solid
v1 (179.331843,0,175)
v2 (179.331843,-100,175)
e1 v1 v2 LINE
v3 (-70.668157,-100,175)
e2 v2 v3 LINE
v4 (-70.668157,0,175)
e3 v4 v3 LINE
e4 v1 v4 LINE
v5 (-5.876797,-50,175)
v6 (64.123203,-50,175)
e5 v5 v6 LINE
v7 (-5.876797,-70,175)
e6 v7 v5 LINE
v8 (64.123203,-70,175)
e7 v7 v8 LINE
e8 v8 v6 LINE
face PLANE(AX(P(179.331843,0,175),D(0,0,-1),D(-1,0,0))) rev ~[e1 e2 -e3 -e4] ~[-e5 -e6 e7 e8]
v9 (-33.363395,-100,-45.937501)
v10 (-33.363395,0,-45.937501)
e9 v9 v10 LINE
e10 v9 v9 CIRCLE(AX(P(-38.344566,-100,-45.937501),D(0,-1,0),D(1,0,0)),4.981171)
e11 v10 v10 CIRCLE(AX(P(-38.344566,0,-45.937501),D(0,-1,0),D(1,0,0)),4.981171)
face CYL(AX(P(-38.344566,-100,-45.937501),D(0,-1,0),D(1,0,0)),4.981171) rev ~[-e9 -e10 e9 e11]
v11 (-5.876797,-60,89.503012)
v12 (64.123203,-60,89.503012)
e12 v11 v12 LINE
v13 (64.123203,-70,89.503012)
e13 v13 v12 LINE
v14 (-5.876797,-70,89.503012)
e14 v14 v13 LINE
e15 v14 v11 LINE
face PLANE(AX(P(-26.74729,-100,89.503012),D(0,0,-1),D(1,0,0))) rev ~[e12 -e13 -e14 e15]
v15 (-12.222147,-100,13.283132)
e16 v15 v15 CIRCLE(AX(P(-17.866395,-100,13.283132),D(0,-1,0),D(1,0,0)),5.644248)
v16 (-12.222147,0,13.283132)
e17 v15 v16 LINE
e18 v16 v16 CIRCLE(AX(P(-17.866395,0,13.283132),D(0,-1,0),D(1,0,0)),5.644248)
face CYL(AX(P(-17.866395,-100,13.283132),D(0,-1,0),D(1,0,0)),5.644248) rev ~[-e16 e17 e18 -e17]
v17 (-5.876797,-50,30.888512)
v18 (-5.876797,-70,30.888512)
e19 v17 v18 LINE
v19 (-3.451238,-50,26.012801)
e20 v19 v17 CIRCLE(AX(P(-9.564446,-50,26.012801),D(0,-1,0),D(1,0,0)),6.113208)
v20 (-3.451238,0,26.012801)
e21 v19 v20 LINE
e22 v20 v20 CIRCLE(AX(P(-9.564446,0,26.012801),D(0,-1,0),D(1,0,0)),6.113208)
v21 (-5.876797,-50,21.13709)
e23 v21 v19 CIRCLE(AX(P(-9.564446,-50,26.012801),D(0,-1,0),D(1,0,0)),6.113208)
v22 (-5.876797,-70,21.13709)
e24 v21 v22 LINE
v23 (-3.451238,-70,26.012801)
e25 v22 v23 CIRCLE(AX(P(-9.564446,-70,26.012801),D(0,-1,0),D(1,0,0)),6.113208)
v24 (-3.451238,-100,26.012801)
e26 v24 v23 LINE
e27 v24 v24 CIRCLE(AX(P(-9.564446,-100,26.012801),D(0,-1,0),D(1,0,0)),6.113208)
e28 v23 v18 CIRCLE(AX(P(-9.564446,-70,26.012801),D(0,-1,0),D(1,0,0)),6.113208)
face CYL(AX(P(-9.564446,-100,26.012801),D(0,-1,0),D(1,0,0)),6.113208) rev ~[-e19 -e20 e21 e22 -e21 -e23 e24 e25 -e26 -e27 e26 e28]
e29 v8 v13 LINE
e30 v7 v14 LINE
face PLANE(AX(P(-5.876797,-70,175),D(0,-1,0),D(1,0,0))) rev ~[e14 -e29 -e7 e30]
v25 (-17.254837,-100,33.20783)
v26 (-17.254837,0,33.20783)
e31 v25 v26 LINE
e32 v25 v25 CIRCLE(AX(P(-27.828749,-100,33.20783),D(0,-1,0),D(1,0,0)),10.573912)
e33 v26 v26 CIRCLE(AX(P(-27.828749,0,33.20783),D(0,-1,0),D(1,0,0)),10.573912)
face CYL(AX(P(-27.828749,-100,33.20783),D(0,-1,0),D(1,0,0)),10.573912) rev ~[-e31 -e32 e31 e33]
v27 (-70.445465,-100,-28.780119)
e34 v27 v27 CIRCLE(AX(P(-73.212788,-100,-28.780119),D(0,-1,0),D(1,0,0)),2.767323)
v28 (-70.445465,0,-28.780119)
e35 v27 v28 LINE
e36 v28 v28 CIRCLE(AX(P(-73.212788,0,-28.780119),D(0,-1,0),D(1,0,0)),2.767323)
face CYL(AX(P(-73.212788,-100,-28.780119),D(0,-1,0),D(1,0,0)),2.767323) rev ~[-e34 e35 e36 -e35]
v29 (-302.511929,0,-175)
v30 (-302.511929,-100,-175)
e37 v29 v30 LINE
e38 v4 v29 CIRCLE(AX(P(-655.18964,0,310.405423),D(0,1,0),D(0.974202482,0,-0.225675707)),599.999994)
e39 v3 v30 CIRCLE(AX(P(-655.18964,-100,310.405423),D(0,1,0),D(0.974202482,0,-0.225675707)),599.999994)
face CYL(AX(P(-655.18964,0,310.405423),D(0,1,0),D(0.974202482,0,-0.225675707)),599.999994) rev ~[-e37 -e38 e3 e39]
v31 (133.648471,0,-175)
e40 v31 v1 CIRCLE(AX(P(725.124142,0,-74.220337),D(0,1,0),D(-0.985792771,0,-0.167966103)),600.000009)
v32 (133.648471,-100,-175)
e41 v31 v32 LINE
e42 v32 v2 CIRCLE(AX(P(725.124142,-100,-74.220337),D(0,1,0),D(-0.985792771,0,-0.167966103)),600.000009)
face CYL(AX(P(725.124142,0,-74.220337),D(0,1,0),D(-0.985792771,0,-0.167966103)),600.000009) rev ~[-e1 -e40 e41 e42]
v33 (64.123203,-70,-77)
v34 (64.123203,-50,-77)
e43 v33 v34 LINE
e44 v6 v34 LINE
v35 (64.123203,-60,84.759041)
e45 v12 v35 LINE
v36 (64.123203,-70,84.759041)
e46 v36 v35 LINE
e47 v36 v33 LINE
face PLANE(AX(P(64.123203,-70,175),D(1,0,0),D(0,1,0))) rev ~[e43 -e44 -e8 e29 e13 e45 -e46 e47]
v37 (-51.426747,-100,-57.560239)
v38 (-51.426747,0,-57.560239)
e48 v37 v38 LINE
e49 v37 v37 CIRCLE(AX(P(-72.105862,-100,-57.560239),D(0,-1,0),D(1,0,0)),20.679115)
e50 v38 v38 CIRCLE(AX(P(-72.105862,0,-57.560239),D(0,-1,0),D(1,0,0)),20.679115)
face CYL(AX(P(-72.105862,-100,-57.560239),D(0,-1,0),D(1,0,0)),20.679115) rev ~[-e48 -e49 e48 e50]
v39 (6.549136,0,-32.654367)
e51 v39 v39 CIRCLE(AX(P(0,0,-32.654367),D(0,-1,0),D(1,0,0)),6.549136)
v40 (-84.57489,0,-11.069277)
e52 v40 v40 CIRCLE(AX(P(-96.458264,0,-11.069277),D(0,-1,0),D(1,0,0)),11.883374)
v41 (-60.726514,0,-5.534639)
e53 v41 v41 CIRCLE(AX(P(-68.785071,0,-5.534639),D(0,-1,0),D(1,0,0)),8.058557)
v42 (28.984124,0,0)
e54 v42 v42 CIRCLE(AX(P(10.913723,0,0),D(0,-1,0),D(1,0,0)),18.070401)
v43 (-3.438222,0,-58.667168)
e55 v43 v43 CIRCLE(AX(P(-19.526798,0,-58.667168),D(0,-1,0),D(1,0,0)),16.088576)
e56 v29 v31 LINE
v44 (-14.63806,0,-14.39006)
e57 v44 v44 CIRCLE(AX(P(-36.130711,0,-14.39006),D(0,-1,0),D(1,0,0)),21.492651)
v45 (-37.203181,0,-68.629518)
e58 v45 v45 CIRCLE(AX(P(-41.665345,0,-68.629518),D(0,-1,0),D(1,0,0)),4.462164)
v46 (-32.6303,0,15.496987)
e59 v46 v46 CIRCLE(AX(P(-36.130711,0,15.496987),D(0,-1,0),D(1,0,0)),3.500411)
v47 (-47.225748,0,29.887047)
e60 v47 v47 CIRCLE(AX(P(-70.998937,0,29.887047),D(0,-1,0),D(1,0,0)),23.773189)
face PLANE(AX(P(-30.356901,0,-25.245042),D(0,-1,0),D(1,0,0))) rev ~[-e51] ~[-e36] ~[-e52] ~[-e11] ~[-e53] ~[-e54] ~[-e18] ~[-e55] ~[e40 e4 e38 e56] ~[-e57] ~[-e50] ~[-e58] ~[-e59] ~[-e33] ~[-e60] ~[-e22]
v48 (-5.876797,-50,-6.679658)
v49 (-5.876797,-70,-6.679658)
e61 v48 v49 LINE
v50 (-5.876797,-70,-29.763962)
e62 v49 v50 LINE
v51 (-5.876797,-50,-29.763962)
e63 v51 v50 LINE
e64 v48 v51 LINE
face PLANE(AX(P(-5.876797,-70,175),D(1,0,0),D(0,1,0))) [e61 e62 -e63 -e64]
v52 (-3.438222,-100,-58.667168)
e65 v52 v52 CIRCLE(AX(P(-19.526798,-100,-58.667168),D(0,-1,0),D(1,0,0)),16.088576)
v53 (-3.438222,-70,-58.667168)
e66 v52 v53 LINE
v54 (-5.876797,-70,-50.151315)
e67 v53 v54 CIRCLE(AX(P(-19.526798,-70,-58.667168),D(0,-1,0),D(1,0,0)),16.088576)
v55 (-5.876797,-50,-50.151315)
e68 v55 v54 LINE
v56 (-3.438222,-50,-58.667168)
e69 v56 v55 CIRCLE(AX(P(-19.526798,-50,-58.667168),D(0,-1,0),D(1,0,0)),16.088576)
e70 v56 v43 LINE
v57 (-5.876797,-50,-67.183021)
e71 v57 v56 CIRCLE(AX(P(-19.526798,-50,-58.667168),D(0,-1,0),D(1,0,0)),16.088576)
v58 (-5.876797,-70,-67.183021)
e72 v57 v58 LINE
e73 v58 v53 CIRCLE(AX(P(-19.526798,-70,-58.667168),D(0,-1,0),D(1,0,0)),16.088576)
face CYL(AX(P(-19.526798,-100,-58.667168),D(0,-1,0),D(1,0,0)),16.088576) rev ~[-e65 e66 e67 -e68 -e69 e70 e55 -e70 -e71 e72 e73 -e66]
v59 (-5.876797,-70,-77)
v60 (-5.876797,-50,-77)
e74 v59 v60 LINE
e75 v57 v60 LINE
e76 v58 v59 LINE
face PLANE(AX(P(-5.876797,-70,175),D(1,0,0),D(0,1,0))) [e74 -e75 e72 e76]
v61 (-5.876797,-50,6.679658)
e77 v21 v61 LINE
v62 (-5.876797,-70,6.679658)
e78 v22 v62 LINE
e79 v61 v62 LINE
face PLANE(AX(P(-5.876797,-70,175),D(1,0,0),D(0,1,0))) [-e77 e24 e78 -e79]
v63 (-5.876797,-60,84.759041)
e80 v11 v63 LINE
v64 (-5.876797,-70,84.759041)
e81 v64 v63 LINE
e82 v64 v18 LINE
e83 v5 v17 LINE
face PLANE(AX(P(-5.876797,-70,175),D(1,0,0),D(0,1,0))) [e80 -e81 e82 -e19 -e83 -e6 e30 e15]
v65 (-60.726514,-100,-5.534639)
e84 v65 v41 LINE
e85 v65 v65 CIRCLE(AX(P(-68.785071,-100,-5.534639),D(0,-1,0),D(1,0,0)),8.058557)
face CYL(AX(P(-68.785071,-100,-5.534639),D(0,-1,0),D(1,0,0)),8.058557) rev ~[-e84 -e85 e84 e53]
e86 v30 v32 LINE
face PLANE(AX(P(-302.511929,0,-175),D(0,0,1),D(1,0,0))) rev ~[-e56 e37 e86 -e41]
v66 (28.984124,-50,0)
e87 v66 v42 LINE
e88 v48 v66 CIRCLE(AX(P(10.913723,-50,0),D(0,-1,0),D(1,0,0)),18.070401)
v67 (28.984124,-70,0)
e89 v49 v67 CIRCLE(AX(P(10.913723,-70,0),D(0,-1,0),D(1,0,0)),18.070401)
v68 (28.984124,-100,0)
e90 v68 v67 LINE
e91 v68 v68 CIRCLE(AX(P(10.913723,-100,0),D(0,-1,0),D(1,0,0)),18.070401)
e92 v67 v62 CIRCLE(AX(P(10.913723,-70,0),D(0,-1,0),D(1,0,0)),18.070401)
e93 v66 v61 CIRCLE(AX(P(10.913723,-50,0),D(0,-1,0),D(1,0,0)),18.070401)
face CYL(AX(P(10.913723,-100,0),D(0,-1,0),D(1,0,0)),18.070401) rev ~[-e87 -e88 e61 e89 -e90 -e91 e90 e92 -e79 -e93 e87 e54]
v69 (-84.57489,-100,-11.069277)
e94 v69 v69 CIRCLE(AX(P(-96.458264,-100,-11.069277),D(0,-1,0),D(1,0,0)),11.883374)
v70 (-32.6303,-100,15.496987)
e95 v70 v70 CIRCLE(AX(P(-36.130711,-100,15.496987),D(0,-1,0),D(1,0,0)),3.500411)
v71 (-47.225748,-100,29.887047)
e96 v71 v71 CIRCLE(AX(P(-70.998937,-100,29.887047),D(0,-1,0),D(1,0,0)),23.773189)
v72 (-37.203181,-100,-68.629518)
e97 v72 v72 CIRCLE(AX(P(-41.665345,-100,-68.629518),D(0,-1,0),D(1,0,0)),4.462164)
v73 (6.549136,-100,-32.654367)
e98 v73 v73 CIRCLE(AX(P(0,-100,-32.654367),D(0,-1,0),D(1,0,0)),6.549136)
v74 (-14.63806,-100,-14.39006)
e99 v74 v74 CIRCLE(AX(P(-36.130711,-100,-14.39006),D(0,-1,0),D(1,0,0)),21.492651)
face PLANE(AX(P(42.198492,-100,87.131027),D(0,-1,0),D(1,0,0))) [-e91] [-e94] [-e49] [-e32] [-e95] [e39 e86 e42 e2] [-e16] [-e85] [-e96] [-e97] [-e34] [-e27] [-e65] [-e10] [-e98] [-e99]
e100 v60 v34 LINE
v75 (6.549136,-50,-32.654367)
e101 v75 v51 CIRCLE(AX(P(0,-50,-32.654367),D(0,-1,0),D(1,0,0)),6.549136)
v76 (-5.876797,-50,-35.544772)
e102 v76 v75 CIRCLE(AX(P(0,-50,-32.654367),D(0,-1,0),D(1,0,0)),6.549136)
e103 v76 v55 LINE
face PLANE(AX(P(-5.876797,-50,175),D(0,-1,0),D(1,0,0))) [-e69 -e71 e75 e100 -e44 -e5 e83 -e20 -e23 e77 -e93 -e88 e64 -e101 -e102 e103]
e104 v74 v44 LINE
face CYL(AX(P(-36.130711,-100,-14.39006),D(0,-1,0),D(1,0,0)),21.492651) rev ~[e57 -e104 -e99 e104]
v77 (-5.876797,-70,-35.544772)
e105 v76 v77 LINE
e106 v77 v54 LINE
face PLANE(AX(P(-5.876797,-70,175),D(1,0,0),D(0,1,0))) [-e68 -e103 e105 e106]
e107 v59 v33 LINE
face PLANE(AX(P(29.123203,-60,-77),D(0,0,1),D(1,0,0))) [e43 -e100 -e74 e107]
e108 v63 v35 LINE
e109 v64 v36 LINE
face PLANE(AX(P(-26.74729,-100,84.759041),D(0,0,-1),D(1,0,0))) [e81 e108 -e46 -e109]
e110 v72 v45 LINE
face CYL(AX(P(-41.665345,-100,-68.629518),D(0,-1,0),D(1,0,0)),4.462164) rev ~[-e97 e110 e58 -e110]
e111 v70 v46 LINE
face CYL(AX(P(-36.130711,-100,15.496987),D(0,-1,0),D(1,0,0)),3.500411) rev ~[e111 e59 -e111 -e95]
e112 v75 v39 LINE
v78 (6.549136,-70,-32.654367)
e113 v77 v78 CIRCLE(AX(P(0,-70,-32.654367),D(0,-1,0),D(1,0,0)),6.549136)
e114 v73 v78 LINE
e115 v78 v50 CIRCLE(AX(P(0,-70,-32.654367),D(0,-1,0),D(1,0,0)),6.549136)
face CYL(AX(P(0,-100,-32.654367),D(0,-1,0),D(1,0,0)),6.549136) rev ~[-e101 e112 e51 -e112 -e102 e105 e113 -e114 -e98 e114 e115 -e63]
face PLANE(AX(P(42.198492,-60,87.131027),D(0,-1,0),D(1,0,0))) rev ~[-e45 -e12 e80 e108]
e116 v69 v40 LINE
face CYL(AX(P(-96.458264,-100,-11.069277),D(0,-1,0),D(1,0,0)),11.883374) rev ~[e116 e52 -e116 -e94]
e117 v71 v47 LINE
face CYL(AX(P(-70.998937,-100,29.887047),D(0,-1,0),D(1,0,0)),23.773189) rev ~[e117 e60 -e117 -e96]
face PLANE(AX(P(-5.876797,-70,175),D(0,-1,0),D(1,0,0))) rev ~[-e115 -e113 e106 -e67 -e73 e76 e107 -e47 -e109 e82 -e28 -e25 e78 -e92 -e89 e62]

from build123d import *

# Parameters (mm, degrees)
F1_DEPTH = 100
F2_W     = 70
F2_H     = 20
F3_DEPTH = 252
F4_W     = 137.891564
F4_H     = 4.743971
F5_DEPTH = 40
F6_R     = 23.773189
F6_R_2   = 21.492651
F6_R_3   = 20.679115
F6_R_4   = 11.883374
F6_R_5   = 6.549136
F6_R_6   = 16.088576
F6_R_7   = 18.070401
F6_R_8   = 10.573912
F6_R_9   = 6.113208
F6_R_10  = 8.058557
F6_R_11  = 2.767323
F6_R_12  = 4.981171
F6_R_13  = 4.462164
F6_R_14  = 5.644248
F6_R_15  = 3.500411
F7_DEPTH = 357


with BuildPart() as f1:
    # F0 (on Front) → F1 (new body)
    with BuildSketch(Plane.XZ):
        with BuildLine():
            Line((179.331843, 175), (-70.668157, 175))
            ThreePointArc((-70.668157, 175), (-154.979102, -20.939428), (-302.511929, -175))
            Line((-302.511929, -175), (133.648471, -175))
            ThreePointArc((133.648471, -175), (130.170691, 3.43532), (179.331843, 175))
        make_face()
    extrude(amount=F1_DEPTH)

    # F2 (on face) → F3 (cut)
    with BuildSketch(Plane.XY.offset(175)):
        with Locations((29.123203, -60)):
            Rectangle(F2_W, F2_H)
    extrude(amount=-F3_DEPTH, mode=Mode.SUBTRACT)

    # F4 (on face) → F5 (join)
    with BuildSketch(Plane.XZ.offset(100)):
        with Locations((42.198492, 87.131027)):
            Rectangle(F4_W, F4_H)
    extrude(amount=-F5_DEPTH)

    # F6 (on face) → F7 (cut)
    with BuildSketch(Plane.XZ.offset(100)):
        with Locations((-70.998937, 29.887047)):
            Circle(F6_R)
        with Locations((-36.130711, -14.39006)):
            Circle(F6_R_2)
        with Locations((-72.105862, -57.560239)):
            Circle(F6_R_3)
        with Locations((-96.458264, -11.069277)):
            Circle(F6_R_4)
        with Locations((0, -32.654367)):
            Circle(F6_R_5)
        with Locations((-19.526798, -58.667168)):
            Circle(F6_R_6)
        with Locations((10.913723, 0)):
            Circle(F6_R_7)
        with Locations((-27.828749, 33.20783)):
            Circle(F6_R_8)
        with Locations((-9.564446, 26.012801)):
            Circle(F6_R_9)
        with Locations((-68.785071, -5.534639)):
            Circle(F6_R_10)
        with Locations((-73.212788, -28.780119)):
            Circle(F6_R_11)
        with Locations((-38.344566, -45.937501)):
            Circle(F6_R_12)
        with Locations((-41.665345, -68.629518)):
            Circle(F6_R_13)
        with Locations((-17.866395, 13.283132)):
            Circle(F6_R_14)
        with Locations((-36.130711, 15.496987)):
            Circle(F6_R_15)
    extrude(amount=-F7_DEPTH, mode=Mode.SUBTRACT)


solid = f1.part
